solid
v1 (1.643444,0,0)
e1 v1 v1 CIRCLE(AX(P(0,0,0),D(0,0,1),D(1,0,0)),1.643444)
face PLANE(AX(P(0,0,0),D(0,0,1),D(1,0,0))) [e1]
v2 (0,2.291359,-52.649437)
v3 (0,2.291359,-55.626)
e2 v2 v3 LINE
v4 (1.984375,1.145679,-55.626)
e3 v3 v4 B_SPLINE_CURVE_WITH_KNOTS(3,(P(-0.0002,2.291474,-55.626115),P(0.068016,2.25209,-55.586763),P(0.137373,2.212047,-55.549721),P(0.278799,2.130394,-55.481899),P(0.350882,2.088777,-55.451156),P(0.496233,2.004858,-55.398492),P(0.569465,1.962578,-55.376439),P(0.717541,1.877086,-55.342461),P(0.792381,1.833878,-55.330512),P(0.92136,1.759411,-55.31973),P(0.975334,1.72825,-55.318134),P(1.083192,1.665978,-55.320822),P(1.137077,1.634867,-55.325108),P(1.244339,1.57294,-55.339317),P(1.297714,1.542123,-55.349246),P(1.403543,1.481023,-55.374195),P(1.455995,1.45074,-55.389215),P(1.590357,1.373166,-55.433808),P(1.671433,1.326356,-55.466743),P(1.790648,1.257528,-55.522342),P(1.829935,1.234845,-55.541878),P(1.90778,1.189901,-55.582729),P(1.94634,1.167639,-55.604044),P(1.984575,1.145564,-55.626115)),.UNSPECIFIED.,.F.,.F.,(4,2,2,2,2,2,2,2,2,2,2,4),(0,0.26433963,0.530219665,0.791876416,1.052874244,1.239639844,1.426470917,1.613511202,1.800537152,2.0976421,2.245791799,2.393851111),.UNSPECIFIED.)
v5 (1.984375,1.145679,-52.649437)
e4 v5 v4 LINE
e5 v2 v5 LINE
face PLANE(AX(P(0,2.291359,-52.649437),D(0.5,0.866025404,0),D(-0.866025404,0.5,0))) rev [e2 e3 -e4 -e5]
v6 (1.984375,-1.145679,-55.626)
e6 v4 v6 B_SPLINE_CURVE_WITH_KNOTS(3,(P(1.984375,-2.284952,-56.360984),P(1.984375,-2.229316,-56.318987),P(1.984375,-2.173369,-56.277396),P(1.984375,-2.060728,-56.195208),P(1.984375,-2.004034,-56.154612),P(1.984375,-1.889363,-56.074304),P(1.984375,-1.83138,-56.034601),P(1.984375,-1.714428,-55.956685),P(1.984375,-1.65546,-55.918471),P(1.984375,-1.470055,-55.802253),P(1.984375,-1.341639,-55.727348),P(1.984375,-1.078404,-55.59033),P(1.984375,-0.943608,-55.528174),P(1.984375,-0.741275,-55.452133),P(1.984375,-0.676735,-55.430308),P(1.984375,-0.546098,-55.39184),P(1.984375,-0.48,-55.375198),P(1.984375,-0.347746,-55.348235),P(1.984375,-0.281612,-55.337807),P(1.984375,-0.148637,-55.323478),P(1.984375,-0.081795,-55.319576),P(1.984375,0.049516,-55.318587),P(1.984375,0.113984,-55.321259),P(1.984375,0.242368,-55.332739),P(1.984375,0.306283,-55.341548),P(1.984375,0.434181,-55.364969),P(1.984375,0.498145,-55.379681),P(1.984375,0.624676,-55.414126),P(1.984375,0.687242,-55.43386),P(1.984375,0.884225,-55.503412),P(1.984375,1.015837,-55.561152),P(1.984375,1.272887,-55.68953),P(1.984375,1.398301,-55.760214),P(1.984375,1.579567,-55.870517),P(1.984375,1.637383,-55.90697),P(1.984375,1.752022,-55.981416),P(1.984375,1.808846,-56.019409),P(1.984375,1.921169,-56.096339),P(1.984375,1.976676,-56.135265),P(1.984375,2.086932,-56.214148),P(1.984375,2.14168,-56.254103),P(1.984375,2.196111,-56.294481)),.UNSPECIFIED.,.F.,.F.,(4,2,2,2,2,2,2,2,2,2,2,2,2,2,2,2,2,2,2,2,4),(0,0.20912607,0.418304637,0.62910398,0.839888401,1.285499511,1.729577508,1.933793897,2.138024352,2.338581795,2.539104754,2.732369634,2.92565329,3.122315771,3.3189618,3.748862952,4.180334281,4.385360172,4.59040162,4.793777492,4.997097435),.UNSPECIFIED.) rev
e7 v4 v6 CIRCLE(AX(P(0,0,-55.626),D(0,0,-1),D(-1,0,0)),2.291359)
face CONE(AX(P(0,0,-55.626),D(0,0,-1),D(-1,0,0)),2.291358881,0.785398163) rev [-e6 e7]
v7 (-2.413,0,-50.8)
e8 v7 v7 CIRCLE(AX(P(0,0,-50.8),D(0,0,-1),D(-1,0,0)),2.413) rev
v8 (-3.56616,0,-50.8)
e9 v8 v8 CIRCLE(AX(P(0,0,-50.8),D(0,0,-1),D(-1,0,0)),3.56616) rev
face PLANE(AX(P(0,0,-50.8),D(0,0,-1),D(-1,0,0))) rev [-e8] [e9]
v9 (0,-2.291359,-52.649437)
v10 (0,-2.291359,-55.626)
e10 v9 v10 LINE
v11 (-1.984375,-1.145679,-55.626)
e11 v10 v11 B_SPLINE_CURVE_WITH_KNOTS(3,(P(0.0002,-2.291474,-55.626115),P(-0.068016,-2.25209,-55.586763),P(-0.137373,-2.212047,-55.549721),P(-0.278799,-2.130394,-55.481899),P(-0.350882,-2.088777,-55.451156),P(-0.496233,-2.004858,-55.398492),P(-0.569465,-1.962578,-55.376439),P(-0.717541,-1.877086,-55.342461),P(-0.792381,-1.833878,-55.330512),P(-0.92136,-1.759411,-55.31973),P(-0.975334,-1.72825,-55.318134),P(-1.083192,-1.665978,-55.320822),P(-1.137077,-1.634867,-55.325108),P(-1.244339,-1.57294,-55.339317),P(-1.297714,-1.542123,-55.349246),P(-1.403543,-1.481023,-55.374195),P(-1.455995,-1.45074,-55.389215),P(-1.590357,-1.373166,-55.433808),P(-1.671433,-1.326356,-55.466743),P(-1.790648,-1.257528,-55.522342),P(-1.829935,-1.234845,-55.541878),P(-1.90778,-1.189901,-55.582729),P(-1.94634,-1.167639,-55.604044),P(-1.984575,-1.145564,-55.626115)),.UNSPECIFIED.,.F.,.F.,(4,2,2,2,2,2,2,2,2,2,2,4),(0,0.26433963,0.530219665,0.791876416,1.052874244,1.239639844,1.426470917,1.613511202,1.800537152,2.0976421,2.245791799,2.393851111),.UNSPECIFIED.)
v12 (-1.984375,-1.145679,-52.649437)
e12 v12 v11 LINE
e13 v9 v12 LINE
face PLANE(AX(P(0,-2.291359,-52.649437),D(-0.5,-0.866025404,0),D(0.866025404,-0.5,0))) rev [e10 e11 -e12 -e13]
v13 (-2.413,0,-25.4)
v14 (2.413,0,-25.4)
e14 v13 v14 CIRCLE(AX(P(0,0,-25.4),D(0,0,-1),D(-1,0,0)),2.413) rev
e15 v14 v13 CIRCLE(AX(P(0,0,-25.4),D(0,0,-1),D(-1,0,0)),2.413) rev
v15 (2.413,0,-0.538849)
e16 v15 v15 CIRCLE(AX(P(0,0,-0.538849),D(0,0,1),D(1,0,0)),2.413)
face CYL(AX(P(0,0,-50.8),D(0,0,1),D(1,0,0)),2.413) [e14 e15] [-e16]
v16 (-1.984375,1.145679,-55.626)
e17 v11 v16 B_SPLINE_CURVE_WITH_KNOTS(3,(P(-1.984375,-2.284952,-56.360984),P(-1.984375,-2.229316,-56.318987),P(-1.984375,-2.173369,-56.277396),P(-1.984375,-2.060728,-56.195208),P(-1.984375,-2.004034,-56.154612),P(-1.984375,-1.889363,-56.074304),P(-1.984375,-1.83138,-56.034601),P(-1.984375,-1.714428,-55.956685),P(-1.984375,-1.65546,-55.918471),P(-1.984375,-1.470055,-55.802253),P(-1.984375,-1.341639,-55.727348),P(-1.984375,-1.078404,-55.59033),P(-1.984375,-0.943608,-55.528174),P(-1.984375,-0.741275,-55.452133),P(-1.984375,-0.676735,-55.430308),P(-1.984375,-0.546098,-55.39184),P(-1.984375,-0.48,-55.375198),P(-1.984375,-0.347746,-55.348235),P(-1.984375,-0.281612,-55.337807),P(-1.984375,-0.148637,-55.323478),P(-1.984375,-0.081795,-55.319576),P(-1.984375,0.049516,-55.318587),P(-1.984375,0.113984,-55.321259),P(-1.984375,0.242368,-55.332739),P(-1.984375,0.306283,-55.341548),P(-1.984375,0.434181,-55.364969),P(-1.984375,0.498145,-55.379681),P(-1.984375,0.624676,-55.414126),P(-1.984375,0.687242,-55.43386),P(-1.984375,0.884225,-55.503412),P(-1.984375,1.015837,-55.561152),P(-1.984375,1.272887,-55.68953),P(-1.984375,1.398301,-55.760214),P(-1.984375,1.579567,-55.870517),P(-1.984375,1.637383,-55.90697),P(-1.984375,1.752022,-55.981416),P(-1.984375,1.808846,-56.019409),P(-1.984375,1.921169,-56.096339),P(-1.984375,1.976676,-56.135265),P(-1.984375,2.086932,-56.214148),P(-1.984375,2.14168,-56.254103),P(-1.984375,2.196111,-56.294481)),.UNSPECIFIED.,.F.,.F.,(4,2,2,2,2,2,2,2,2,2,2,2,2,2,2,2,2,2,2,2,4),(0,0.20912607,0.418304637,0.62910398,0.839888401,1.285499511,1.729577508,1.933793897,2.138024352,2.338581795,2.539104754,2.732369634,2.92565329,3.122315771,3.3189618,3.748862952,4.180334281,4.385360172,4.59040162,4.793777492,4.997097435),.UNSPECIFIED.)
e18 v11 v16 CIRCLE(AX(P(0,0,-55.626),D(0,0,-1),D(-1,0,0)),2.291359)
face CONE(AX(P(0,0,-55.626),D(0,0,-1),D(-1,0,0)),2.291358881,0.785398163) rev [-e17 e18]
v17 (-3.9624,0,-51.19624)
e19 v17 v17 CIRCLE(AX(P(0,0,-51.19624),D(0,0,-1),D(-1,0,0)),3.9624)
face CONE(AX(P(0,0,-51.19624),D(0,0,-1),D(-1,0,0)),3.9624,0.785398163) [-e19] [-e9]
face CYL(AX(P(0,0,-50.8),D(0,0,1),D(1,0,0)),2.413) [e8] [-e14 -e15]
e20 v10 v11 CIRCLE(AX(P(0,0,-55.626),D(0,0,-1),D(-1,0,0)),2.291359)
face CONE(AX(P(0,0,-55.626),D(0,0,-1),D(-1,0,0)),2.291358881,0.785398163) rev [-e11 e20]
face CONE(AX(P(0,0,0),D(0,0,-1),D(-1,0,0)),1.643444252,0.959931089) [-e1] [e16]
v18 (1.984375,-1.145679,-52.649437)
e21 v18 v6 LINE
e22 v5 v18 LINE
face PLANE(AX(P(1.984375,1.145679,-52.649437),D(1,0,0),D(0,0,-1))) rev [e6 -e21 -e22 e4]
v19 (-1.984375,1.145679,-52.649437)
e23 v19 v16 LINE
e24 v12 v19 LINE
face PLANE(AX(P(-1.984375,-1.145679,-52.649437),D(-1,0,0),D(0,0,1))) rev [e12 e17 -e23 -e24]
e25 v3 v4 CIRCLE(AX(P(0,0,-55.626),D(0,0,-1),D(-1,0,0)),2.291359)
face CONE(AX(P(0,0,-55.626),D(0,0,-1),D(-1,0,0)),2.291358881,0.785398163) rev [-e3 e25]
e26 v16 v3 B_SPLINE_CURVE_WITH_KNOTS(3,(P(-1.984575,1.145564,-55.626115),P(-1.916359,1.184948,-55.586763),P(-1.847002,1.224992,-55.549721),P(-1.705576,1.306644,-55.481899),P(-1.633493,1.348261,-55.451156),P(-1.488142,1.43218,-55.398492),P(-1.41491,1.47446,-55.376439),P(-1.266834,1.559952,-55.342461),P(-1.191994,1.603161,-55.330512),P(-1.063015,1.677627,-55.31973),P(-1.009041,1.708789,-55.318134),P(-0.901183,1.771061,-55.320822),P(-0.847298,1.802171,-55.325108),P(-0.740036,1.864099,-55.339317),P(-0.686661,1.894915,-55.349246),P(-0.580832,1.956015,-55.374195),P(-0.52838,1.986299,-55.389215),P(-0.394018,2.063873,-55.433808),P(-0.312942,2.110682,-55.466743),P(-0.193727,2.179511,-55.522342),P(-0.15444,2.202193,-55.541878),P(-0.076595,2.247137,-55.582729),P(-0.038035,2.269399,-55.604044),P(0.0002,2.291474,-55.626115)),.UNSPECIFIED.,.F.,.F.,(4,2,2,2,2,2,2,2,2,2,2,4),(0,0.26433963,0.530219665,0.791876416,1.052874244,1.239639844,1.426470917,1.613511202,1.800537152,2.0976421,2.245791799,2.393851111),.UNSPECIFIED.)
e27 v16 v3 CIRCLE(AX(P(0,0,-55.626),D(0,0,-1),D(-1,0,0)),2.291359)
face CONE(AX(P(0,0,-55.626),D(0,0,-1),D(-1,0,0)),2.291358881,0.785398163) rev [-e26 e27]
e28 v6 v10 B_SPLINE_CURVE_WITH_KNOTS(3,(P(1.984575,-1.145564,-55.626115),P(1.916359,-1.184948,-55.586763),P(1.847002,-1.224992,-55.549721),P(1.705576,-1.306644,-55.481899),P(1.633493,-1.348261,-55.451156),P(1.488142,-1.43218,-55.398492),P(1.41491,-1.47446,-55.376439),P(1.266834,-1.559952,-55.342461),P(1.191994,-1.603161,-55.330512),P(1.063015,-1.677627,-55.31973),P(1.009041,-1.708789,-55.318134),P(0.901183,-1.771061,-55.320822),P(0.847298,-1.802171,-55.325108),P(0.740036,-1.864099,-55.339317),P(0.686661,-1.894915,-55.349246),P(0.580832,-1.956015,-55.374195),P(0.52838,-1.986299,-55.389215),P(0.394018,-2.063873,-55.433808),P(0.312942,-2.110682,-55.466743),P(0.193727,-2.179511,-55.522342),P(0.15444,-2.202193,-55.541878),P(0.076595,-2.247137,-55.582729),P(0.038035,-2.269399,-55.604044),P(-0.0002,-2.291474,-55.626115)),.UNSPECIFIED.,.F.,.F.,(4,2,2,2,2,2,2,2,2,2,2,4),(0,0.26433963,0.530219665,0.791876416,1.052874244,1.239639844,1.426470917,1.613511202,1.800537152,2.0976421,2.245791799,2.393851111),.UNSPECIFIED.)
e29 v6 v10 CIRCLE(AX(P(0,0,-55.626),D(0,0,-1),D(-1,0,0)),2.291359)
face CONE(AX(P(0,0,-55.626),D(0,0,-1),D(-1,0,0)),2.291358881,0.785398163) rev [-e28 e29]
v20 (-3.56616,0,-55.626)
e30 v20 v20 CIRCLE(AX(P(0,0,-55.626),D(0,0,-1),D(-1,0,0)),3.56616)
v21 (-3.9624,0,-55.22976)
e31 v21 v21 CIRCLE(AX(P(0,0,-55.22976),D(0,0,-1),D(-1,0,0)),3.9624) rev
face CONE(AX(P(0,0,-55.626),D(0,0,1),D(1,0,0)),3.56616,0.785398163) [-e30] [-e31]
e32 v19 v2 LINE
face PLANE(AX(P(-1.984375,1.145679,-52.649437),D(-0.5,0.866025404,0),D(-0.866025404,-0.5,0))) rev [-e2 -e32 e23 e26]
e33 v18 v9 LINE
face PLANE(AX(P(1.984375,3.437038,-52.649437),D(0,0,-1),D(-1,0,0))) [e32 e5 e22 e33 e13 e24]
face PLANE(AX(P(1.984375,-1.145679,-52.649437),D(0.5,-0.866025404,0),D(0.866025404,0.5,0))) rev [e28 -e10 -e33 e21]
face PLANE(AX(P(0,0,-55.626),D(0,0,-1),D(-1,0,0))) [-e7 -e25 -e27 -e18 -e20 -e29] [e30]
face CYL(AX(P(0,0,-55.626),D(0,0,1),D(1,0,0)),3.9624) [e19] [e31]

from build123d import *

# Parameters (mm, degrees)
SKETCH1_R          = 2.413
EXTRUDE1_DEPTH     = 50.8
SKETCH6_R          = 3.9624
EXTRUDE2_DEPTH     = 4.826
CUT_EXTRUDE1_DEPTH = 2.9765625
CHAMFER1_SIZE      = 0.39624


with BuildPart() as part:
    # Sketch1 → Extrude1 (new body)
    with BuildSketch(Plane.XY):
        Circle(SKETCH1_R)
    extrude(amount=-EXTRUDE1_DEPTH)

    # Sketch4 → Cut-Revolve1 (revolve, cut)
    with BuildSketch(Plane(origin=(0, 0, 0), x_dir=(0, 0, -1), z_dir=(1, 0, 0))):
        Polygon((0.538848736, 2.413), (0, 1.643444252), (0, 2.413), align=None)
    revolve(axis=Axis((0, 0, 0), (0, 0, -1)), mode=Mode.SUBTRACT)

    # Sketch6 → Extrude2 (add)
    with BuildSketch(Plane(origin=(0, 0, -50.8), x_dir=(-1, 0, 0), z_dir=(0, 0, -1))):
        Circle(SKETCH6_R)
    extrude(amount=EXTRUDE2_DEPTH)

    # Sketch7 → Cut-Extrude1 (cut)
    with BuildSketch(Plane(origin=(0, 0, -55.626), x_dir=(-1, 0, 0), z_dir=(0, 0, -1))):
        Polygon((0, 2.291358881), (-1.984375, 1.14567944), (-1.984375, -1.14567944), (0, -2.291358881), (1.984375, -1.14567944), (1.984375, 1.14567944), align=None)
    extrude(amount=-CUT_EXTRUDE1_DEPTH, mode=Mode.SUBTRACT)

    # Cut-Extrude2 cone 1 section (through the dimple's axis) → Cut-Extrude2 (revolve, cut)
    with BuildSketch(Plane(origin=(0, 0, -55.626), x_dir=(0, 1, 0), z_dir=(1, 0, 0))):
        Polygon((0, 0), (2.291358881, 0), (0, 2.291358881), align=None)
    revolve(axis=Axis((0, 0, -55.626), (0, 0, 1)), mode=Mode.SUBTRACT)

    # Chamfer1
    chamfer1_edges = [part.edges().sort_by_distance(p)[0] for p in [
        (3.9624, 0, -55.626),
        (3.9624, 0, -50.8),
    ]]
    chamfer(chamfer1_edges, length=CHAMFER1_SIZE)


solid = part.part
